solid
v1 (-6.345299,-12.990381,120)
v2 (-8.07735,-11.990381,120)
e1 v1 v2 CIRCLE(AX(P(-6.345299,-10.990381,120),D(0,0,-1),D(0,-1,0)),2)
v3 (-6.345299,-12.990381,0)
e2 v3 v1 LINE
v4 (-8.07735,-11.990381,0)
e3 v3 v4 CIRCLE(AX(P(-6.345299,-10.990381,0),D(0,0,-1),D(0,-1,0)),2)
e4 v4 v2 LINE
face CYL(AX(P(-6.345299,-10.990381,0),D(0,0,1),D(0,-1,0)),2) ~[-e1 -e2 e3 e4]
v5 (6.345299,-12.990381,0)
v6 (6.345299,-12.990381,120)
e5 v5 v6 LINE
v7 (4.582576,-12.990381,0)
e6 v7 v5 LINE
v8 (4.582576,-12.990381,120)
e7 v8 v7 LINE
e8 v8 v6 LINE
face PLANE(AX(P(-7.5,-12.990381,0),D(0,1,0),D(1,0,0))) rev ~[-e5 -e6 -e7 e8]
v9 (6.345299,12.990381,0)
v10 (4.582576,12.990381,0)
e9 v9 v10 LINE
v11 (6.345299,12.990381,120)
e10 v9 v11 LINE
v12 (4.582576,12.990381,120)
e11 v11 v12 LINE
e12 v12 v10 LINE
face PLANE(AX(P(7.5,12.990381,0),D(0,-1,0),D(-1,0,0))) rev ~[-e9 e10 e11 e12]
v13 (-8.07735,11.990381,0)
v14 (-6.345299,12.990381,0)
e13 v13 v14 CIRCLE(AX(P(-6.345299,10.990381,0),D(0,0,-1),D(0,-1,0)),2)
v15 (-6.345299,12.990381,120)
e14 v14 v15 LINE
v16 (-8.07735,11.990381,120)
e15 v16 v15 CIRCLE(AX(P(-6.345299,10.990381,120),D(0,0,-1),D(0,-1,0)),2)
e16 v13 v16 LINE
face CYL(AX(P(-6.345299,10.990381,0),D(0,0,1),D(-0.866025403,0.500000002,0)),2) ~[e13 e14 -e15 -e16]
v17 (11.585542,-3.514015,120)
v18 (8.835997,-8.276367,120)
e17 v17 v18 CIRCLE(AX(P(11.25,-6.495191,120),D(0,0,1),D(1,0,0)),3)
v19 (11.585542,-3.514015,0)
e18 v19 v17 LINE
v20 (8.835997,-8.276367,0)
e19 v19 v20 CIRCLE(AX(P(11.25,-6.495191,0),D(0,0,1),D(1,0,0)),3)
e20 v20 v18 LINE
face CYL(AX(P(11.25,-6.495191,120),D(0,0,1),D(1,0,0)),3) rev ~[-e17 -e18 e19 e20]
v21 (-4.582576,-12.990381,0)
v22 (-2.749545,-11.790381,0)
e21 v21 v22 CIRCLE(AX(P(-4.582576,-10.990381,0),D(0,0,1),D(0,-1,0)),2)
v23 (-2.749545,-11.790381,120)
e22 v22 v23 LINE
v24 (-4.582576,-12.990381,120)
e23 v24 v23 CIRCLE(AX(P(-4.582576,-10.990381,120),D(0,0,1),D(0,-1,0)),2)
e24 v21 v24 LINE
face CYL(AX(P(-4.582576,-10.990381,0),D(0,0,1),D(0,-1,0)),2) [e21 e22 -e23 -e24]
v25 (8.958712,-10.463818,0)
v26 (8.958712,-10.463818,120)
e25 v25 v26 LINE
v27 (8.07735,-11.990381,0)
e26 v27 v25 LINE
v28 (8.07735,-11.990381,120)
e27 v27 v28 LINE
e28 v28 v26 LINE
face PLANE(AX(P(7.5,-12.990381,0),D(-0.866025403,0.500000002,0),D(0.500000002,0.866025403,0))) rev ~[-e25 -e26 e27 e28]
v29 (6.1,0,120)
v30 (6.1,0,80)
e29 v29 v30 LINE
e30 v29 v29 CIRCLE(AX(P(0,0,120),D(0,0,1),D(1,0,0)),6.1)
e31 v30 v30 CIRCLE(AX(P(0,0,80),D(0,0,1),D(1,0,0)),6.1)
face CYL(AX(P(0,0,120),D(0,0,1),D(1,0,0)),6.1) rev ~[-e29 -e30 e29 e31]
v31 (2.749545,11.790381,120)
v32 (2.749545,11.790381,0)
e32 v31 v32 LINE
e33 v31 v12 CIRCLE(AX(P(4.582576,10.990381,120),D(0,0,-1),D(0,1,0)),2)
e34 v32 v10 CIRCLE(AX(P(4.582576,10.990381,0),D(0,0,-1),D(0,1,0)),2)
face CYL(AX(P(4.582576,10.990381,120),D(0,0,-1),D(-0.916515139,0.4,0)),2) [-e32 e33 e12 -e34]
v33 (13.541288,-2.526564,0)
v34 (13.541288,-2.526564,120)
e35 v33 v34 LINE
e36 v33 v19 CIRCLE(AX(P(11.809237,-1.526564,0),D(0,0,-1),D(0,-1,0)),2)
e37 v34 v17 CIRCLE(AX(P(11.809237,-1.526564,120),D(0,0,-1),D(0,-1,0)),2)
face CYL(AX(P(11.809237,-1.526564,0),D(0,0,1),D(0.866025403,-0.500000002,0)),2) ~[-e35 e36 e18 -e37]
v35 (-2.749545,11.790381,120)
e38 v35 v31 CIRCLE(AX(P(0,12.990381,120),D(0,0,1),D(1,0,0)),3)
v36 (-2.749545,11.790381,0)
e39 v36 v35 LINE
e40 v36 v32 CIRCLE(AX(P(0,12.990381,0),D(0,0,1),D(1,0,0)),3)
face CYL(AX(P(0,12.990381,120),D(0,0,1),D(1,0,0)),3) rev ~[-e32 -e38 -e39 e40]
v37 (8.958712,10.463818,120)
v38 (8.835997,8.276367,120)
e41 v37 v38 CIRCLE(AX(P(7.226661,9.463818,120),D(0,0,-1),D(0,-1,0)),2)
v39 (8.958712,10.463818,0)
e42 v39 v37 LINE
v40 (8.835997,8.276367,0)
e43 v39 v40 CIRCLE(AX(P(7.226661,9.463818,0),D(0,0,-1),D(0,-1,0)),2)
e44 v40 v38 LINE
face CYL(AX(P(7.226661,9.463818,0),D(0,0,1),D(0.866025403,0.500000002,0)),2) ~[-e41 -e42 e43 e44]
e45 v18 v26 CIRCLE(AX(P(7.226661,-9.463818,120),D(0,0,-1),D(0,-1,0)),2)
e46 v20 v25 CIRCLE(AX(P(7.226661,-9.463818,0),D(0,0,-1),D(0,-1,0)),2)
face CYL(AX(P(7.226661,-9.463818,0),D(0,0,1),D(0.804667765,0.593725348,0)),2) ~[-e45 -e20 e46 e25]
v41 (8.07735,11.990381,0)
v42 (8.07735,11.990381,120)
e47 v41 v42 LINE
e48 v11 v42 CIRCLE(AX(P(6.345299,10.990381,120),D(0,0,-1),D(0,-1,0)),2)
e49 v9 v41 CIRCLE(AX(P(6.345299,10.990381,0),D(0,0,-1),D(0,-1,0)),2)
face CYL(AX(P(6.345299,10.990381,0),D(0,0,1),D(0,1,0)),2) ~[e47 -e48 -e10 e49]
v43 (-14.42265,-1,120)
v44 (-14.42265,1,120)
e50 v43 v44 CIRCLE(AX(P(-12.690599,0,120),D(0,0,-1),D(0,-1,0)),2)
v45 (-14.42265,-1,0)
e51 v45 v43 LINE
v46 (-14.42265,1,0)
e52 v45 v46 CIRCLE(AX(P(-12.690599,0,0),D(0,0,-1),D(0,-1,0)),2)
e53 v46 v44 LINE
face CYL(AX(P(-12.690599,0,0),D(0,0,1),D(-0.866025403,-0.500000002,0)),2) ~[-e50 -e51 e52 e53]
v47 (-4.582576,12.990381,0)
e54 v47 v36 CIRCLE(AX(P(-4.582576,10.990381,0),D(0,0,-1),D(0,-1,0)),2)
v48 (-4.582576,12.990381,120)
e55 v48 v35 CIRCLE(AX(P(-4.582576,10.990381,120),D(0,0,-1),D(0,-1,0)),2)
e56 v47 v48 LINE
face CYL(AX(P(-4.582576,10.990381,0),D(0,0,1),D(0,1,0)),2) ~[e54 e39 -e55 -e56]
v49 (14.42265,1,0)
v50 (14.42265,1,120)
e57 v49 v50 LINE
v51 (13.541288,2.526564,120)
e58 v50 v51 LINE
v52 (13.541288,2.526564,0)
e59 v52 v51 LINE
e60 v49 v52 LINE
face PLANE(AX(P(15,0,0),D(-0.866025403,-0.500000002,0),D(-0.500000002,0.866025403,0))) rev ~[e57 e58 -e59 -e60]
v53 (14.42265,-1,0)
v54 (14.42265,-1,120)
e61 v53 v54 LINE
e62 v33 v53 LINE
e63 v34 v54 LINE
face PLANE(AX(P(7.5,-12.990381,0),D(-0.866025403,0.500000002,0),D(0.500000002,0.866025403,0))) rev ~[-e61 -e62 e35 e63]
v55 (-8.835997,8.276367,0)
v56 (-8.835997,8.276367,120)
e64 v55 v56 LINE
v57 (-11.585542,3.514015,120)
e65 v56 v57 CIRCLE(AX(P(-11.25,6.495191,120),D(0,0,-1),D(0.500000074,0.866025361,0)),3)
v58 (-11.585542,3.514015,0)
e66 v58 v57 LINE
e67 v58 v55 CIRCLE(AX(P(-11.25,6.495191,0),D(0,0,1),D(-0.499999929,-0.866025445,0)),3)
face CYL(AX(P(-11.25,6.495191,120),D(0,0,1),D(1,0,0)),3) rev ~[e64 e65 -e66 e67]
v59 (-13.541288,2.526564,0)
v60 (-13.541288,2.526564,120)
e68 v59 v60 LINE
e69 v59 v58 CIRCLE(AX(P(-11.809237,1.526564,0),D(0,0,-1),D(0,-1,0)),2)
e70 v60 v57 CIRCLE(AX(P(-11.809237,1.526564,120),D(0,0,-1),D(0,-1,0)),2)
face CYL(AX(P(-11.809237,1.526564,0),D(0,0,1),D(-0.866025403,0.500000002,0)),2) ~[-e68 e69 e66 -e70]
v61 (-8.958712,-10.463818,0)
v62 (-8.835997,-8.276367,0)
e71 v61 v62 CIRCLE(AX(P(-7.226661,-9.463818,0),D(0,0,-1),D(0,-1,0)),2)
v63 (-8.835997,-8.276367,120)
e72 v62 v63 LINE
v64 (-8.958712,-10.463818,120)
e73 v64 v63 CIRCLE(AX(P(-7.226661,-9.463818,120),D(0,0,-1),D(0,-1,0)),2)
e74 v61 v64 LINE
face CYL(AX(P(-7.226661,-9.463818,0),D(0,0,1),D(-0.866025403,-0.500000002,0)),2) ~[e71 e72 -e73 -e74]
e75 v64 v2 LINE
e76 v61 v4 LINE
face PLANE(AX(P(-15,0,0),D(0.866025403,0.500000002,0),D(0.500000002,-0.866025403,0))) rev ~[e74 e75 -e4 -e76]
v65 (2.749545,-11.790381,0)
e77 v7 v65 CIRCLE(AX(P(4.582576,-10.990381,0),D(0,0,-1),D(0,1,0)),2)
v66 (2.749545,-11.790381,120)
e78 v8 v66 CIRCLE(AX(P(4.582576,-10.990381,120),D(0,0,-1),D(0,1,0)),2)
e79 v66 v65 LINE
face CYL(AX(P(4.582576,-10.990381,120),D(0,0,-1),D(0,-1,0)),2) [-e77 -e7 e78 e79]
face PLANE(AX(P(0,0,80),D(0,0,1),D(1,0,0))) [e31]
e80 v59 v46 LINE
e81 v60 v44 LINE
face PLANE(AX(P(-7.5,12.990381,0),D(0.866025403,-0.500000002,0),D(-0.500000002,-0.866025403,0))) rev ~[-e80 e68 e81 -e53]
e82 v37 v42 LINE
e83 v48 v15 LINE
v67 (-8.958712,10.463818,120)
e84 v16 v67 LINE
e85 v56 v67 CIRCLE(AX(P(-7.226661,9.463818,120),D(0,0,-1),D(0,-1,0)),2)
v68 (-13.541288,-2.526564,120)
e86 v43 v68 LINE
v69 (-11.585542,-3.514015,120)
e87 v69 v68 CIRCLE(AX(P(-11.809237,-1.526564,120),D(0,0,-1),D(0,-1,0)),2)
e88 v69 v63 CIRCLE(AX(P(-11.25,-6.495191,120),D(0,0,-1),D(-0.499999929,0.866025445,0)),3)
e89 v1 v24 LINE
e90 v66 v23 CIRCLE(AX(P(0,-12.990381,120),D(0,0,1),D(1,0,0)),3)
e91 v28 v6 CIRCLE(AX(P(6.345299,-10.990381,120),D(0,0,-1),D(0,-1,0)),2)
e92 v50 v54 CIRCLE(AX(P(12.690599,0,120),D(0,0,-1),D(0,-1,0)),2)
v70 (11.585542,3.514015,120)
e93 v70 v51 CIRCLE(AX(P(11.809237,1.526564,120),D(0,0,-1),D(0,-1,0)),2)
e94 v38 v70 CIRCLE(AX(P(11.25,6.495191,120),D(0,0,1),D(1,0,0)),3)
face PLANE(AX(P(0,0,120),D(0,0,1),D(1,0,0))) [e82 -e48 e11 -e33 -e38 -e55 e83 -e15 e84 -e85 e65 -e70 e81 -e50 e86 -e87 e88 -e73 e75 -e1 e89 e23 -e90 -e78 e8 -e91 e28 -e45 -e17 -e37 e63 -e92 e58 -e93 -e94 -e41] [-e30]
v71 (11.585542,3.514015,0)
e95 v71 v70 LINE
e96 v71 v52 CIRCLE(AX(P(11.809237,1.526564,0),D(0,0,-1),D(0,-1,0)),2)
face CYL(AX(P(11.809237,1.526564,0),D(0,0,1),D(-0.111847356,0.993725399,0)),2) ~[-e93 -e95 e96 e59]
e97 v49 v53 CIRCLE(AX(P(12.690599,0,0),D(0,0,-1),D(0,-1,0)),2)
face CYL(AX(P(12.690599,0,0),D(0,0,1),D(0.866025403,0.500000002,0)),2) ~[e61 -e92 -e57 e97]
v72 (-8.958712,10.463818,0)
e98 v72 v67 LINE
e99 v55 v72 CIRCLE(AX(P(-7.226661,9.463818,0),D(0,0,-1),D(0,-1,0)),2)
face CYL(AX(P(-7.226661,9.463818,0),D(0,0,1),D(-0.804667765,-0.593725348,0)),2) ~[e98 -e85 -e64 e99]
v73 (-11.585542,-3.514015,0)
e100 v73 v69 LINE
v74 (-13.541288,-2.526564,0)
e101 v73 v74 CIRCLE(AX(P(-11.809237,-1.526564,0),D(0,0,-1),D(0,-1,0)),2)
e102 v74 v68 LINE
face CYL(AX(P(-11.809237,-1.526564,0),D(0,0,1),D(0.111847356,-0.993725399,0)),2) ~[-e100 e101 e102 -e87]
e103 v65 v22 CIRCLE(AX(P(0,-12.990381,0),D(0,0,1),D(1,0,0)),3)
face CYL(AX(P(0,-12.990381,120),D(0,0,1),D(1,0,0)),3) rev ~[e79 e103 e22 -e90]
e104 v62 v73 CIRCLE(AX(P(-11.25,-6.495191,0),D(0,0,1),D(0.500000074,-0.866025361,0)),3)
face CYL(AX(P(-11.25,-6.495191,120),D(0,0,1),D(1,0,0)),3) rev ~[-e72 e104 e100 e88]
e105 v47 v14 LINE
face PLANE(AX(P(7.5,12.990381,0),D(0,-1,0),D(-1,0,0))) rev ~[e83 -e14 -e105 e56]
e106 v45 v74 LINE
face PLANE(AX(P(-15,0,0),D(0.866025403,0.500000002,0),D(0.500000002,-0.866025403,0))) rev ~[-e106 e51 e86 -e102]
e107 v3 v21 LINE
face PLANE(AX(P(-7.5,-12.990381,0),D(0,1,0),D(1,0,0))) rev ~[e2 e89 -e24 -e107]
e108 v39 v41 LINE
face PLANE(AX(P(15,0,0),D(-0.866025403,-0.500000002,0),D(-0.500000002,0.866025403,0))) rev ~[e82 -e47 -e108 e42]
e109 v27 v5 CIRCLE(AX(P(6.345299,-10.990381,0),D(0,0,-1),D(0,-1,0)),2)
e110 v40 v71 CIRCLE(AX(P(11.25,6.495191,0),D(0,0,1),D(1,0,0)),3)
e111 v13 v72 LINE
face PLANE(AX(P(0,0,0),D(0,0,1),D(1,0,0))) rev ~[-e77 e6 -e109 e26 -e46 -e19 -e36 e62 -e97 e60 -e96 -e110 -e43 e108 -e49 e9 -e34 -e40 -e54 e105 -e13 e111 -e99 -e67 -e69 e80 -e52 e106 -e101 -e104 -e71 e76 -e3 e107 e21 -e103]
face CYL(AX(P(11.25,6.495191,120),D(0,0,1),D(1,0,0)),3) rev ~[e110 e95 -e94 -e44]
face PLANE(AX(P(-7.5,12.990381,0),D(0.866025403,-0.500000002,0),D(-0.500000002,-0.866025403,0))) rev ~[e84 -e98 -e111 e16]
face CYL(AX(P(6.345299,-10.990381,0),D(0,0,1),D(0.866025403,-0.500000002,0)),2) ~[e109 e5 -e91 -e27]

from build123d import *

# Parameters (mm, degrees)
PAD_DEPTH       = 120
SKETCH001_R     = 6.1
POCKET_DEPTH    = 40
SKETCH002_R     = 3
POCKET001_DEPTH = 120.001
FILLET_R        = 2


with BuildPart() as part:
    # Sketch → Pad (new body)
    with BuildSketch(Plane.XY):
        Polygon((-7.5, -12.990381), (7.5, -12.990381), (15, 0), (7.5, 12.990381), (-7.5, 12.990381), (-15, 0), align=None)
    extrude(amount=PAD_DEPTH)

    # Sketch001 (on Face8 of Pad) → Pocket (cut)
    with BuildSketch(Plane.XY.offset(120)):
        Circle(SKETCH001_R)
    extrude(amount=-POCKET_DEPTH, mode=Mode.SUBTRACT)

    # Sketch002 (on Face5 of Pocket) → Pocket001 (cut, through all)
    with BuildSketch(Plane.XY.offset(120)):
        with Locations((-11.25, 6.495191)):
            Circle(SKETCH002_R)
        with Locations((0, 12.990381)):
            Circle(SKETCH002_R)
        with Locations((11.25, 6.495191)):
            Circle(SKETCH002_R)
        with Locations((11.25, -6.495191)):
            Circle(SKETCH002_R)
        with Locations((0, -12.990381)):
            Circle(SKETCH002_R)
        with Locations((-11.25, -6.495191)):
            Circle(SKETCH002_R)
    extrude(amount=-POCKET001_DEPTH, mode=Mode.SUBTRACT)

    # Fillet
    fillet_edges = [part.edges().sort_by_distance(p)[0] for p in [
        (-9.75, 9.093267, 60),
        (-3, 12.990381, 60),
        (-7.5, 12.990381, 60),
        (3, 12.990381, 60),
        (7.5, 12.990381, 60),
        (-15, 0, 60),
        (-12.75, 3.897114, 60),
        (-12.75, -3.897114, 60),
        (9.75, 9.093267, 60),
        (12.75, 3.897114, 60),
        (15, 0, 60),
        (12.75, -3.897114, 60),
        (9.75, -9.093267, 60),
        (7.5, -12.990381, 60),
        (3, -12.990381, 60),
        (-3, -12.990381, 60),
        (-7.5, -12.990381, 60),
        (-9.75, -9.093267, 60),
    ]]
    fillet(fillet_edges, radius=FILLET_R)


solid = part.part
